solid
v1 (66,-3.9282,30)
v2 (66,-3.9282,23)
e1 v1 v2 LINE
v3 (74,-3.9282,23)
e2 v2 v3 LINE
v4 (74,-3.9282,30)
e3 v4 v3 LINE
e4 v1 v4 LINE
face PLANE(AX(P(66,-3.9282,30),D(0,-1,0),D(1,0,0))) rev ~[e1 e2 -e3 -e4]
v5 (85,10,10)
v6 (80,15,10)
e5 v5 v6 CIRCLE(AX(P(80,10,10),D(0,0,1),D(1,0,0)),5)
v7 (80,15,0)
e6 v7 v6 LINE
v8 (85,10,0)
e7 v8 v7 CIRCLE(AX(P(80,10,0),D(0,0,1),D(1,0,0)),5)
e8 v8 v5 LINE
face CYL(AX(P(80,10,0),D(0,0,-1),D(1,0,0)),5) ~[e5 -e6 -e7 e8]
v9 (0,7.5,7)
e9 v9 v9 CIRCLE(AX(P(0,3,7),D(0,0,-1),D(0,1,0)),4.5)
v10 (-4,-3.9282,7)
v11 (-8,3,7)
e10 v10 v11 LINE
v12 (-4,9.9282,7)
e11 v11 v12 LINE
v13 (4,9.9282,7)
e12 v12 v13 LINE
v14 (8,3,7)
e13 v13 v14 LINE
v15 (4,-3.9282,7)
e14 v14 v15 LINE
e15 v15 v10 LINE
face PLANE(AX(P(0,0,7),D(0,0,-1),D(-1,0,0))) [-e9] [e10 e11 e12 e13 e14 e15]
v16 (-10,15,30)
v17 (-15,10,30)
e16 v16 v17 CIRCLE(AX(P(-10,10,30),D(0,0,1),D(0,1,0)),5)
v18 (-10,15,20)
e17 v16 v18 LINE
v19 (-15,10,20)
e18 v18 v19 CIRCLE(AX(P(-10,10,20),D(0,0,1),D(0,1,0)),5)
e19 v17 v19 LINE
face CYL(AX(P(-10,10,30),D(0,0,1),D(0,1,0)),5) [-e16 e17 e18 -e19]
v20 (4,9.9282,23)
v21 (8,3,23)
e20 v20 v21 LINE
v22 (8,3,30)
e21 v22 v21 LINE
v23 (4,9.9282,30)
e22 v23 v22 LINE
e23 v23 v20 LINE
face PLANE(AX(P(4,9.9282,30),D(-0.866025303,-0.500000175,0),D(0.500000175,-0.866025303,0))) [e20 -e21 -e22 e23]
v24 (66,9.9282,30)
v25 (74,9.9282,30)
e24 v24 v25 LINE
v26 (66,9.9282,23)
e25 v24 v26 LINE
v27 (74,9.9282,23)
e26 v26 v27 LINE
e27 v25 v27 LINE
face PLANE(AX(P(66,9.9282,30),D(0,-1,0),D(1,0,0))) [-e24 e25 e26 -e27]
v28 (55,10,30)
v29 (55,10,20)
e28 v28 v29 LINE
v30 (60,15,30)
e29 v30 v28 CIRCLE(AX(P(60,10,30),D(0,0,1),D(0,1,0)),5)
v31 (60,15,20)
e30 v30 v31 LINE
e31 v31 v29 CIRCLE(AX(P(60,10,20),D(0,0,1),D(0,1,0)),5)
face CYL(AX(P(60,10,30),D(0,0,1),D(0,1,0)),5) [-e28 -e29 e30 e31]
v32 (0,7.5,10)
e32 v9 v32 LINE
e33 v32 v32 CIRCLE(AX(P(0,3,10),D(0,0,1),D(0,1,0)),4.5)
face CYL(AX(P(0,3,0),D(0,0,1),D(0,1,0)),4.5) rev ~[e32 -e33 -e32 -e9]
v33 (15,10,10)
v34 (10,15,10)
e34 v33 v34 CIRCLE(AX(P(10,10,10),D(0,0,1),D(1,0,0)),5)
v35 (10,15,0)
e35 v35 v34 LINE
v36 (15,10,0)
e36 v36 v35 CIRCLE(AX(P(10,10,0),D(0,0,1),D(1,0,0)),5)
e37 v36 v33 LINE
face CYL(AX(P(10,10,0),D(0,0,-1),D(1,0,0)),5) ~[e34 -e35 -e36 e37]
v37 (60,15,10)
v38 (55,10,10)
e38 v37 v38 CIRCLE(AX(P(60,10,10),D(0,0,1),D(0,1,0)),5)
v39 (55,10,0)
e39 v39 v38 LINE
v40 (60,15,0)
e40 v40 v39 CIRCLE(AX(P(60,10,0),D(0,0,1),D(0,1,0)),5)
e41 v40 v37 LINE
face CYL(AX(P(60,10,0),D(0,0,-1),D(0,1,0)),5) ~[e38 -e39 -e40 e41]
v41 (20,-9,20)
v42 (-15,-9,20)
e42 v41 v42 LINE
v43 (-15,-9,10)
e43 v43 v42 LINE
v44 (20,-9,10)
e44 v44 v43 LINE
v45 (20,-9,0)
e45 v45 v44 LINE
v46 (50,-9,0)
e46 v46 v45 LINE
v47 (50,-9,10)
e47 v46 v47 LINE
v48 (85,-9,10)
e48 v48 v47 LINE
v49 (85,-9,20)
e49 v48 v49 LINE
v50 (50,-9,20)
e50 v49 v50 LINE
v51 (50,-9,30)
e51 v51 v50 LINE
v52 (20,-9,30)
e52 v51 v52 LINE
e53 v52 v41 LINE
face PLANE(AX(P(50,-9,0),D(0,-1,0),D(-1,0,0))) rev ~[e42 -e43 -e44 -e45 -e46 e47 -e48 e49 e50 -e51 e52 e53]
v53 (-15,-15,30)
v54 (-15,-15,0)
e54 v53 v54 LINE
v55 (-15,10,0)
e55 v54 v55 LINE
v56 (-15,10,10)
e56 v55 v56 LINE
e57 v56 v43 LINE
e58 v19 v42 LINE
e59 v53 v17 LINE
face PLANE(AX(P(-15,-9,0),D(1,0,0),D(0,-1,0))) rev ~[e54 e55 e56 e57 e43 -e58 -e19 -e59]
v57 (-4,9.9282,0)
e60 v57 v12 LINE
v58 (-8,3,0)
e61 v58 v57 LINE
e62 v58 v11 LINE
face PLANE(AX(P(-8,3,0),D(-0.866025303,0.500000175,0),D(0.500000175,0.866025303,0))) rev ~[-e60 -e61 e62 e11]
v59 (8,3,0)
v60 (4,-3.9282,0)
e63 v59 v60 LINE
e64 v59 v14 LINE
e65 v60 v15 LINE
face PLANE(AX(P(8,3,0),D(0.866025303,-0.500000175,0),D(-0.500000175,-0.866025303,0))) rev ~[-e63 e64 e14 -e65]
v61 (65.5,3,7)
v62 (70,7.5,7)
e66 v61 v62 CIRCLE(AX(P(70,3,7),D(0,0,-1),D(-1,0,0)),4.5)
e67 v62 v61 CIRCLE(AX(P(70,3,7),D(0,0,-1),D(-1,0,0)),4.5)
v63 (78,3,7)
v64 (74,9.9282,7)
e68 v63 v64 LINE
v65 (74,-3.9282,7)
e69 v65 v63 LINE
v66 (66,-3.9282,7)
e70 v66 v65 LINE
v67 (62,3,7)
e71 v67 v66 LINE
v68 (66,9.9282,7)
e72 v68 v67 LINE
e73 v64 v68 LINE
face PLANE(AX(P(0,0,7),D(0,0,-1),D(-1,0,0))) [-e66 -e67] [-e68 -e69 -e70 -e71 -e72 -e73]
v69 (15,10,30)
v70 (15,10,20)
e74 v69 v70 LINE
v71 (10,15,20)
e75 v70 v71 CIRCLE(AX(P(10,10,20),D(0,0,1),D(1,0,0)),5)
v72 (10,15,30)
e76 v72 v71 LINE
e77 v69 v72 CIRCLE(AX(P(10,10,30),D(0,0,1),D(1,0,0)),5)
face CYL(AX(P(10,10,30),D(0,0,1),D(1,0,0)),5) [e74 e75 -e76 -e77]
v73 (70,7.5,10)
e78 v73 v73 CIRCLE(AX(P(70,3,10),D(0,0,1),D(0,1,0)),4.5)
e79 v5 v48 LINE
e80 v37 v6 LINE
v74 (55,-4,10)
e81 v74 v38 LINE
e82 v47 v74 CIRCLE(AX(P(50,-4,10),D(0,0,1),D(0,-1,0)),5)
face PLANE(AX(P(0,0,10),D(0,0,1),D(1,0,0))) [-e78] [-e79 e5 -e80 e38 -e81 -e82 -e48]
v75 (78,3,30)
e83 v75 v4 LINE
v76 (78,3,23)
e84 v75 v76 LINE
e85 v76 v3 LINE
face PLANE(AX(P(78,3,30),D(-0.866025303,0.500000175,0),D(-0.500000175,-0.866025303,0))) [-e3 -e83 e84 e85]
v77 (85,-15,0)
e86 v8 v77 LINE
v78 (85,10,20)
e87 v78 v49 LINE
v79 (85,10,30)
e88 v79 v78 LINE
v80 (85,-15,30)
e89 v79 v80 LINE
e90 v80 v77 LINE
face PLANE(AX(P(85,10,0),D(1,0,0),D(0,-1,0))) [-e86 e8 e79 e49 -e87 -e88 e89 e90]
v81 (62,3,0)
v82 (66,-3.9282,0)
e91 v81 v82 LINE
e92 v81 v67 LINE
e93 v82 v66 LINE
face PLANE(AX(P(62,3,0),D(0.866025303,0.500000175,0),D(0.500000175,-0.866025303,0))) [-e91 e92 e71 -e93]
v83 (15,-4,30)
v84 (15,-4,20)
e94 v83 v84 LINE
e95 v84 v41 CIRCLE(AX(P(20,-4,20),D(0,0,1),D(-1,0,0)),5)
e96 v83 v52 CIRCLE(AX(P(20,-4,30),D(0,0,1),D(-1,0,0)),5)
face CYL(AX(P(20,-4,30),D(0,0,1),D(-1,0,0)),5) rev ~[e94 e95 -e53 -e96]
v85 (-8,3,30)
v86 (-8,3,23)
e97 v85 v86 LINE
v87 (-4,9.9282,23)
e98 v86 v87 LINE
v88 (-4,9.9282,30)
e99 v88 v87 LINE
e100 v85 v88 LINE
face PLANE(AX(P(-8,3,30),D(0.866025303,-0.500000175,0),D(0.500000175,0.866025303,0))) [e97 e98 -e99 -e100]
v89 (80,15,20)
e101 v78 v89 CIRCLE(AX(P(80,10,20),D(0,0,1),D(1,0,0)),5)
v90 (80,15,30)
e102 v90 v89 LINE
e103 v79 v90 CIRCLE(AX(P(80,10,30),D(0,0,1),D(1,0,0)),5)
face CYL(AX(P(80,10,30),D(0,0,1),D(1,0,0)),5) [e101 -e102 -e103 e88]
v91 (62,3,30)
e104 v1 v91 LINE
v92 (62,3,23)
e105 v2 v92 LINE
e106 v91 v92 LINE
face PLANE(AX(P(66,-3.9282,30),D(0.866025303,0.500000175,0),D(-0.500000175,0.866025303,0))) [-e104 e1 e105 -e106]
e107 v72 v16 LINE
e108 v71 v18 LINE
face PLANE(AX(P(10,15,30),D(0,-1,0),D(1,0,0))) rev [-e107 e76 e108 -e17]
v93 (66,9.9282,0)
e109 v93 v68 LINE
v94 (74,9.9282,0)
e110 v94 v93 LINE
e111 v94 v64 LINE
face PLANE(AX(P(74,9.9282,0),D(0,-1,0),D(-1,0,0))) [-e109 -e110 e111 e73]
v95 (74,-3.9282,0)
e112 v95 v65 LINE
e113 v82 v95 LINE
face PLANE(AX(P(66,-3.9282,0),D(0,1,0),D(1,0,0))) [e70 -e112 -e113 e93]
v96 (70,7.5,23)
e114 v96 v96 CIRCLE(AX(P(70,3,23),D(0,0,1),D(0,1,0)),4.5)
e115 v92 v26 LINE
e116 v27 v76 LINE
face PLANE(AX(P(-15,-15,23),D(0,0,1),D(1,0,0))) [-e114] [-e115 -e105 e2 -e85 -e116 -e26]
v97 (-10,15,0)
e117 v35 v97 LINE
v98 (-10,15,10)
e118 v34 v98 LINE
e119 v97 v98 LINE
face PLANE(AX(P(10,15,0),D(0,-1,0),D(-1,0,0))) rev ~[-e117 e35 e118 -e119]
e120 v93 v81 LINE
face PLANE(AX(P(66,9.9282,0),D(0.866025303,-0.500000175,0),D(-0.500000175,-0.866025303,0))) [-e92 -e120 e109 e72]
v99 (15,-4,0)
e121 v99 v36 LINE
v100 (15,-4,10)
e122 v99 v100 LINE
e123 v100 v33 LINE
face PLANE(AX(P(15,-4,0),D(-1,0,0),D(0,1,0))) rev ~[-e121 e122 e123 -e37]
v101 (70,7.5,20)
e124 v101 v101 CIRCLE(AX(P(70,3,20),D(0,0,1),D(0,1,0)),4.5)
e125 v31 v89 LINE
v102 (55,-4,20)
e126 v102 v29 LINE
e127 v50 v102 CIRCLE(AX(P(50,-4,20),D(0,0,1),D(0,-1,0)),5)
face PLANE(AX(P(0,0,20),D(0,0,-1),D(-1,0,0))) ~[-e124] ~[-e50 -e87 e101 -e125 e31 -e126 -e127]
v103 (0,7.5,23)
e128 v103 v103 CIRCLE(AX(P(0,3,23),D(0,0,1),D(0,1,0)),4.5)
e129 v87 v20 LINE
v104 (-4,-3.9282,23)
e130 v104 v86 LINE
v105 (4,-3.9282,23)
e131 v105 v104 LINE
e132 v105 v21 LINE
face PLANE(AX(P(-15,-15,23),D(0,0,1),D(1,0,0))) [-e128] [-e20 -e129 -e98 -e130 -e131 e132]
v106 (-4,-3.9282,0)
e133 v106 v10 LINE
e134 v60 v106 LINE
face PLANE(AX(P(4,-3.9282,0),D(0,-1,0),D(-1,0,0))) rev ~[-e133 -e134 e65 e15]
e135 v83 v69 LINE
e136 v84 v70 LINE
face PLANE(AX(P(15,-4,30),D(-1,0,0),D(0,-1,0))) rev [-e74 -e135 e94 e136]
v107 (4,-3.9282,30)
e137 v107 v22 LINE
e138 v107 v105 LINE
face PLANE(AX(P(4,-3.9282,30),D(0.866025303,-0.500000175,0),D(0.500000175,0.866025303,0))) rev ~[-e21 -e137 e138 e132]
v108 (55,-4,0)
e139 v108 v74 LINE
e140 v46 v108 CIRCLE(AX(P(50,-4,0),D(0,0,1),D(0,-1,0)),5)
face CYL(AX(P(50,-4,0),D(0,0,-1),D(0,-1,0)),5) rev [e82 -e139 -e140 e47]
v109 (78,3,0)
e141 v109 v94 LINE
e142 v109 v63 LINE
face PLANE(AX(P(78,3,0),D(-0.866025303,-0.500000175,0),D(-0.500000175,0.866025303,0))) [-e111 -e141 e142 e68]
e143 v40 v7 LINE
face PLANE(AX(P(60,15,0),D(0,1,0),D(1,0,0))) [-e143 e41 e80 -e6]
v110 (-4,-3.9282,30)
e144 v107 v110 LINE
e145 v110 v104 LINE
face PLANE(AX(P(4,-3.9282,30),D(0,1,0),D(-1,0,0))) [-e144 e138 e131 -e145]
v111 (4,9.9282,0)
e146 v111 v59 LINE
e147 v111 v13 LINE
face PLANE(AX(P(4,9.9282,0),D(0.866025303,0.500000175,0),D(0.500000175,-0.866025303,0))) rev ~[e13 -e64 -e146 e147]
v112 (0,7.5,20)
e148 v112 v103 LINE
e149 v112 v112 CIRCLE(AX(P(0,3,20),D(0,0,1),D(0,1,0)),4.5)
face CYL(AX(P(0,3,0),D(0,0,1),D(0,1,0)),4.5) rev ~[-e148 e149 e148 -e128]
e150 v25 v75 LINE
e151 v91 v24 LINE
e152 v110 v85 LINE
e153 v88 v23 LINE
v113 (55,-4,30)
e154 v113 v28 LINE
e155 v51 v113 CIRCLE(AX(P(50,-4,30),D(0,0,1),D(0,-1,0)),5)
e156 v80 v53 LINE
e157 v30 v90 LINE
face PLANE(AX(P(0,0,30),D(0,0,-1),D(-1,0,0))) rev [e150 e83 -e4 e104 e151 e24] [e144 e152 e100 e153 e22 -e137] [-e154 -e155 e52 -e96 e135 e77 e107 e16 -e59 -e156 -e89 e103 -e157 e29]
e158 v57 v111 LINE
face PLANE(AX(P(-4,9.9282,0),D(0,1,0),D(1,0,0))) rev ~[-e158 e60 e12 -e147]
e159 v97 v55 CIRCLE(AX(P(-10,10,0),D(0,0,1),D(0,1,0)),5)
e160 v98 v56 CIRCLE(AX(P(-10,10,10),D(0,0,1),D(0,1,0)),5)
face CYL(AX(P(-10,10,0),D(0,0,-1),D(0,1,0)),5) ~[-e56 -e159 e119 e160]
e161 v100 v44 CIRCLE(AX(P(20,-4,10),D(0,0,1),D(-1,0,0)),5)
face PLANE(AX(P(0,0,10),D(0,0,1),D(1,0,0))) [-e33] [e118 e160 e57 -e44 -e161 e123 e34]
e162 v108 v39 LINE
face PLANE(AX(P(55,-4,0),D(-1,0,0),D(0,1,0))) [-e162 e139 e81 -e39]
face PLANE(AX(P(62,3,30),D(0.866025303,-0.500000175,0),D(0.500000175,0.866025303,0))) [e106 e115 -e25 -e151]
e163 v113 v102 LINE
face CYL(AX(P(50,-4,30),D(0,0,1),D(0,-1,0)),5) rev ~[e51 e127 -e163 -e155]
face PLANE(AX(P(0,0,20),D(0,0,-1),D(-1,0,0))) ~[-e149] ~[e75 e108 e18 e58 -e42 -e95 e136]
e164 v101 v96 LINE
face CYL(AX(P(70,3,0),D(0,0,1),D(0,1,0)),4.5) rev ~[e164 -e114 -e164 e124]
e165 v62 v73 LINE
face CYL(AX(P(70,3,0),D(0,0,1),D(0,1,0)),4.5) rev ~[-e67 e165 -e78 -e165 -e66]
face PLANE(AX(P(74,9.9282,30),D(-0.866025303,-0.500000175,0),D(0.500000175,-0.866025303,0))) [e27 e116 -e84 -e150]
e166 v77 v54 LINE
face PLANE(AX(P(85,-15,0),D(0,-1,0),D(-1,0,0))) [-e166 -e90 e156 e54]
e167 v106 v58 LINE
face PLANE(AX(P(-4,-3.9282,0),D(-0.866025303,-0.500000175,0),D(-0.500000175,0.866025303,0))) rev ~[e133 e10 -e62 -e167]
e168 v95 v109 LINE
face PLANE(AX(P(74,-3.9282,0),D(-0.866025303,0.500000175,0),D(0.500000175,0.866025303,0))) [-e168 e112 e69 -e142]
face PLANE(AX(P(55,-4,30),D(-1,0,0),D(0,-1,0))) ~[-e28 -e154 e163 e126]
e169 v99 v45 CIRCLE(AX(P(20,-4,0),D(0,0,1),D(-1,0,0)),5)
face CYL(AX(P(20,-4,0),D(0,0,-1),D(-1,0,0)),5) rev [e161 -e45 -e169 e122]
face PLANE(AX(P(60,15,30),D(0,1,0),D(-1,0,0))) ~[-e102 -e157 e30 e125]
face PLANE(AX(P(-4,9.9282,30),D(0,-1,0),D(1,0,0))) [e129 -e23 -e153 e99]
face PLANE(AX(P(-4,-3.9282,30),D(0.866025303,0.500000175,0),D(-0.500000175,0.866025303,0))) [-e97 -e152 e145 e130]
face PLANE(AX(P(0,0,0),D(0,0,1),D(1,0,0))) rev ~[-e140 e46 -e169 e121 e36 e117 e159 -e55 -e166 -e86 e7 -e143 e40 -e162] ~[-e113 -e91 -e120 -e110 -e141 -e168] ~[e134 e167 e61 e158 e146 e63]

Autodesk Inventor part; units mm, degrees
ref_plane "YZ Plane" through (0, 0, 0) normal (1, 0, 0) x (0, 1, 0)
ref_plane "XZ Plane" through (0, 0, 0) normal (0, 1, 0) x (-1, 0, 0)
sketch "Sketch1" plane through (0, 0, 0) normal (0, 0, 1) x (1, 0, 0)
  line L0 (10, 15) -> (-10, 15)
  line L1 (-15, 10) -> (-15, -15)
  line L2 (-15, -15) -> (15, -15)
  line L3 (15, -4) -> (15, 10)
  line L4 (15, 15) -> (-15, -15) construction
  line L5 (-15, 15) -> (15, -15) construction
  line L6 (15, -15) -> (55, -15)
  line L7 (85, -15) -> (85, -9)
  line L8 (-15, -9) -> (-15, -15)
  line L9 (85, -15) -> (55, -15)
  line L10 (55, -4) -> (55, 10)
  line L11 (60, 15) -> (80, 15)
  line L12 (85, 10) -> (85, -15)
  line L13 (50, -9) -> (20, -9)
  arc A0 (-10, 15) -> (-15, 10) centre (-10, 10) ccw
  arc A1 (15, 10) -> (10, 15) centre (10, 10) ccw
  arc A2 (15, -4) -> (20, -9) centre (20, -4) ccw
  arc A3 (50, -9) -> (55, -4) centre (50, -4) ccw
  arc A4 (60, 15) -> (55, 10) centre (60, 10) ccw
  arc A5 (85, 10) -> (80, 15) centre (80, 10) ccw
  point P0 (0, 0)
  point P1 (55, 15)
  point P2 (85, 15)
  dimension "d0" = 30
  dimension "d1" = 30
  dimension "d2" = 100
  dimension "d3" = 6
  dimension "d4" = 30
  dimension "d5" = 30
  dimension "d6" = 5
extrude "Extrusion1" add sketch "Sketch1" along normal blind 10
ref_plane "Work Plane1" through (0, 0, 15) normal (0, 0, 1) x (1, 0, 0)
mirror "Mirror1" about plane through (0, 0, 15) normal (0, 0, 1)
sketch "Sketch3" plane through (0, 0, 10) normal (0, 0, 1) x (1, 0, 0)
  line L0 (-15, -15) -> (85, -15)
  line L1 (85, -15) -> (85, -9)
  line L2 (85, -9) -> (-15, -9)
  line L3 (-15, -9) -> (-15, -15)
  point P0 (0, 0)
  dimension "d14" = 100
  dimension "d15" = 6
extrude "Extrusion3" add sketch "Sketch3" along normal blind 10
sketch "Sketch4" plane through (0, 0, 0) normal (0, 0, -1) x (-1, 0, 0)
  line L0 (-60, 15) -> (-80, 15) projected
  line L1 (-55, -4) -> (-55, 10) projected
  line L2 (-85, -15) -> (15, -15) projected
  line L3 (-35, -15) -> (-35, -9)
  line L4 (-20, -9) -> (-50, -9) projected
  point P0 (0, 0)
  point P1 (-70, 3)
  point P2 (0, 3)
  dimension "d18" = 12
  dimension "d19" = 15
hole "Hole1" at (70, 3, 0) at (0, 3, 0) direction (0, 0, 1) diameter 9 end through all
sketch "Sketch5" plane through (0, 0, 0) normal (0, 0, -1) x (-1, 0, 0)
  circle A0 centre (-70, 3) radius 4.5 projected
  line L0 (-66, 9.9282) -> (-62, 3)
  line L1 (-62, 3) -> (-66, -3.9282)
  line L2 (-66, -3.9282) -> (-74, -3.9282)
  line L3 (-74, -3.9282) -> (-78, 3)
  line L4 (-78, 3) -> (-74, 9.9282)
  line L5 (-74, 9.9282) -> (-66, 9.9282)
  line L6 (-70, 3) -> (-55, 3)
  line L7 (-55, 10) -> (-55, -4) projected
  line L8 (-85, -15) -> (15, -15) projected
  line L9 (-35, -15) -> (-35, -9)
  line L10 (-20, -9) -> (-50, -9) projected
  line L11 (-4, 9.9282) -> (-8, 3)
  line L12 (-8, 3) -> (-4, -3.9282)
  line L13 (-4, -3.9282) -> (4, -3.9282)
  line L14 (4, -3.9282) -> (8, 3)
  line L15 (8, 3) -> (4, 9.9282)
  line L16 (4, 9.9282) -> (-4, 9.9282)
  circle A1 centre (0, 3) radius 4.5
  point P0 (0, 0)
  dimension "d27" = 16
extrude "Extrusion4" cut sketch "Sketch5" against normal blind 7
sketch "Sketch6" plane through (-15, -15, 30) normal (0, 0, 1) x (1, 0, 0)
  circle A0 centre (15, 18) radius 4.5 projected
  line L0 (19, 11.0718) -> (23, 18) projected
  line L1 (19, 11.0718) -> (11, 11.0718)
  line L2 (11, 11.0718) -> (7, 18)
  line L3 (7, 18) -> (11, 24.9282)
  line L4 (11, 24.9282) -> (19, 24.9282)
  line L5 (19, 24.9282) -> (23, 18)
  line L6 (23, 18) -> (19, 11.0718)
  circle A1 centre (85, 18) radius 4.5 projected
  line L7 (81, 11.0718) -> (89, 11.0718) projected
  line L8 (89, 11.0718) -> (81, 11.0718)
  line L9 (81, 11.0718) -> (77, 18)
  line L10 (77, 18) -> (81, 24.9282)
  line L11 (81, 24.9282) -> (89, 24.9282)
  line L12 (89, 24.9282) -> (93, 18)
  line L13 (93, 18) -> (89, 11.0718)
  point P0 (15, 15)
extrude "Extrusion5" cut sketch "Sketch6" against normal blind 7
properties part number "Suporte Carretel"
